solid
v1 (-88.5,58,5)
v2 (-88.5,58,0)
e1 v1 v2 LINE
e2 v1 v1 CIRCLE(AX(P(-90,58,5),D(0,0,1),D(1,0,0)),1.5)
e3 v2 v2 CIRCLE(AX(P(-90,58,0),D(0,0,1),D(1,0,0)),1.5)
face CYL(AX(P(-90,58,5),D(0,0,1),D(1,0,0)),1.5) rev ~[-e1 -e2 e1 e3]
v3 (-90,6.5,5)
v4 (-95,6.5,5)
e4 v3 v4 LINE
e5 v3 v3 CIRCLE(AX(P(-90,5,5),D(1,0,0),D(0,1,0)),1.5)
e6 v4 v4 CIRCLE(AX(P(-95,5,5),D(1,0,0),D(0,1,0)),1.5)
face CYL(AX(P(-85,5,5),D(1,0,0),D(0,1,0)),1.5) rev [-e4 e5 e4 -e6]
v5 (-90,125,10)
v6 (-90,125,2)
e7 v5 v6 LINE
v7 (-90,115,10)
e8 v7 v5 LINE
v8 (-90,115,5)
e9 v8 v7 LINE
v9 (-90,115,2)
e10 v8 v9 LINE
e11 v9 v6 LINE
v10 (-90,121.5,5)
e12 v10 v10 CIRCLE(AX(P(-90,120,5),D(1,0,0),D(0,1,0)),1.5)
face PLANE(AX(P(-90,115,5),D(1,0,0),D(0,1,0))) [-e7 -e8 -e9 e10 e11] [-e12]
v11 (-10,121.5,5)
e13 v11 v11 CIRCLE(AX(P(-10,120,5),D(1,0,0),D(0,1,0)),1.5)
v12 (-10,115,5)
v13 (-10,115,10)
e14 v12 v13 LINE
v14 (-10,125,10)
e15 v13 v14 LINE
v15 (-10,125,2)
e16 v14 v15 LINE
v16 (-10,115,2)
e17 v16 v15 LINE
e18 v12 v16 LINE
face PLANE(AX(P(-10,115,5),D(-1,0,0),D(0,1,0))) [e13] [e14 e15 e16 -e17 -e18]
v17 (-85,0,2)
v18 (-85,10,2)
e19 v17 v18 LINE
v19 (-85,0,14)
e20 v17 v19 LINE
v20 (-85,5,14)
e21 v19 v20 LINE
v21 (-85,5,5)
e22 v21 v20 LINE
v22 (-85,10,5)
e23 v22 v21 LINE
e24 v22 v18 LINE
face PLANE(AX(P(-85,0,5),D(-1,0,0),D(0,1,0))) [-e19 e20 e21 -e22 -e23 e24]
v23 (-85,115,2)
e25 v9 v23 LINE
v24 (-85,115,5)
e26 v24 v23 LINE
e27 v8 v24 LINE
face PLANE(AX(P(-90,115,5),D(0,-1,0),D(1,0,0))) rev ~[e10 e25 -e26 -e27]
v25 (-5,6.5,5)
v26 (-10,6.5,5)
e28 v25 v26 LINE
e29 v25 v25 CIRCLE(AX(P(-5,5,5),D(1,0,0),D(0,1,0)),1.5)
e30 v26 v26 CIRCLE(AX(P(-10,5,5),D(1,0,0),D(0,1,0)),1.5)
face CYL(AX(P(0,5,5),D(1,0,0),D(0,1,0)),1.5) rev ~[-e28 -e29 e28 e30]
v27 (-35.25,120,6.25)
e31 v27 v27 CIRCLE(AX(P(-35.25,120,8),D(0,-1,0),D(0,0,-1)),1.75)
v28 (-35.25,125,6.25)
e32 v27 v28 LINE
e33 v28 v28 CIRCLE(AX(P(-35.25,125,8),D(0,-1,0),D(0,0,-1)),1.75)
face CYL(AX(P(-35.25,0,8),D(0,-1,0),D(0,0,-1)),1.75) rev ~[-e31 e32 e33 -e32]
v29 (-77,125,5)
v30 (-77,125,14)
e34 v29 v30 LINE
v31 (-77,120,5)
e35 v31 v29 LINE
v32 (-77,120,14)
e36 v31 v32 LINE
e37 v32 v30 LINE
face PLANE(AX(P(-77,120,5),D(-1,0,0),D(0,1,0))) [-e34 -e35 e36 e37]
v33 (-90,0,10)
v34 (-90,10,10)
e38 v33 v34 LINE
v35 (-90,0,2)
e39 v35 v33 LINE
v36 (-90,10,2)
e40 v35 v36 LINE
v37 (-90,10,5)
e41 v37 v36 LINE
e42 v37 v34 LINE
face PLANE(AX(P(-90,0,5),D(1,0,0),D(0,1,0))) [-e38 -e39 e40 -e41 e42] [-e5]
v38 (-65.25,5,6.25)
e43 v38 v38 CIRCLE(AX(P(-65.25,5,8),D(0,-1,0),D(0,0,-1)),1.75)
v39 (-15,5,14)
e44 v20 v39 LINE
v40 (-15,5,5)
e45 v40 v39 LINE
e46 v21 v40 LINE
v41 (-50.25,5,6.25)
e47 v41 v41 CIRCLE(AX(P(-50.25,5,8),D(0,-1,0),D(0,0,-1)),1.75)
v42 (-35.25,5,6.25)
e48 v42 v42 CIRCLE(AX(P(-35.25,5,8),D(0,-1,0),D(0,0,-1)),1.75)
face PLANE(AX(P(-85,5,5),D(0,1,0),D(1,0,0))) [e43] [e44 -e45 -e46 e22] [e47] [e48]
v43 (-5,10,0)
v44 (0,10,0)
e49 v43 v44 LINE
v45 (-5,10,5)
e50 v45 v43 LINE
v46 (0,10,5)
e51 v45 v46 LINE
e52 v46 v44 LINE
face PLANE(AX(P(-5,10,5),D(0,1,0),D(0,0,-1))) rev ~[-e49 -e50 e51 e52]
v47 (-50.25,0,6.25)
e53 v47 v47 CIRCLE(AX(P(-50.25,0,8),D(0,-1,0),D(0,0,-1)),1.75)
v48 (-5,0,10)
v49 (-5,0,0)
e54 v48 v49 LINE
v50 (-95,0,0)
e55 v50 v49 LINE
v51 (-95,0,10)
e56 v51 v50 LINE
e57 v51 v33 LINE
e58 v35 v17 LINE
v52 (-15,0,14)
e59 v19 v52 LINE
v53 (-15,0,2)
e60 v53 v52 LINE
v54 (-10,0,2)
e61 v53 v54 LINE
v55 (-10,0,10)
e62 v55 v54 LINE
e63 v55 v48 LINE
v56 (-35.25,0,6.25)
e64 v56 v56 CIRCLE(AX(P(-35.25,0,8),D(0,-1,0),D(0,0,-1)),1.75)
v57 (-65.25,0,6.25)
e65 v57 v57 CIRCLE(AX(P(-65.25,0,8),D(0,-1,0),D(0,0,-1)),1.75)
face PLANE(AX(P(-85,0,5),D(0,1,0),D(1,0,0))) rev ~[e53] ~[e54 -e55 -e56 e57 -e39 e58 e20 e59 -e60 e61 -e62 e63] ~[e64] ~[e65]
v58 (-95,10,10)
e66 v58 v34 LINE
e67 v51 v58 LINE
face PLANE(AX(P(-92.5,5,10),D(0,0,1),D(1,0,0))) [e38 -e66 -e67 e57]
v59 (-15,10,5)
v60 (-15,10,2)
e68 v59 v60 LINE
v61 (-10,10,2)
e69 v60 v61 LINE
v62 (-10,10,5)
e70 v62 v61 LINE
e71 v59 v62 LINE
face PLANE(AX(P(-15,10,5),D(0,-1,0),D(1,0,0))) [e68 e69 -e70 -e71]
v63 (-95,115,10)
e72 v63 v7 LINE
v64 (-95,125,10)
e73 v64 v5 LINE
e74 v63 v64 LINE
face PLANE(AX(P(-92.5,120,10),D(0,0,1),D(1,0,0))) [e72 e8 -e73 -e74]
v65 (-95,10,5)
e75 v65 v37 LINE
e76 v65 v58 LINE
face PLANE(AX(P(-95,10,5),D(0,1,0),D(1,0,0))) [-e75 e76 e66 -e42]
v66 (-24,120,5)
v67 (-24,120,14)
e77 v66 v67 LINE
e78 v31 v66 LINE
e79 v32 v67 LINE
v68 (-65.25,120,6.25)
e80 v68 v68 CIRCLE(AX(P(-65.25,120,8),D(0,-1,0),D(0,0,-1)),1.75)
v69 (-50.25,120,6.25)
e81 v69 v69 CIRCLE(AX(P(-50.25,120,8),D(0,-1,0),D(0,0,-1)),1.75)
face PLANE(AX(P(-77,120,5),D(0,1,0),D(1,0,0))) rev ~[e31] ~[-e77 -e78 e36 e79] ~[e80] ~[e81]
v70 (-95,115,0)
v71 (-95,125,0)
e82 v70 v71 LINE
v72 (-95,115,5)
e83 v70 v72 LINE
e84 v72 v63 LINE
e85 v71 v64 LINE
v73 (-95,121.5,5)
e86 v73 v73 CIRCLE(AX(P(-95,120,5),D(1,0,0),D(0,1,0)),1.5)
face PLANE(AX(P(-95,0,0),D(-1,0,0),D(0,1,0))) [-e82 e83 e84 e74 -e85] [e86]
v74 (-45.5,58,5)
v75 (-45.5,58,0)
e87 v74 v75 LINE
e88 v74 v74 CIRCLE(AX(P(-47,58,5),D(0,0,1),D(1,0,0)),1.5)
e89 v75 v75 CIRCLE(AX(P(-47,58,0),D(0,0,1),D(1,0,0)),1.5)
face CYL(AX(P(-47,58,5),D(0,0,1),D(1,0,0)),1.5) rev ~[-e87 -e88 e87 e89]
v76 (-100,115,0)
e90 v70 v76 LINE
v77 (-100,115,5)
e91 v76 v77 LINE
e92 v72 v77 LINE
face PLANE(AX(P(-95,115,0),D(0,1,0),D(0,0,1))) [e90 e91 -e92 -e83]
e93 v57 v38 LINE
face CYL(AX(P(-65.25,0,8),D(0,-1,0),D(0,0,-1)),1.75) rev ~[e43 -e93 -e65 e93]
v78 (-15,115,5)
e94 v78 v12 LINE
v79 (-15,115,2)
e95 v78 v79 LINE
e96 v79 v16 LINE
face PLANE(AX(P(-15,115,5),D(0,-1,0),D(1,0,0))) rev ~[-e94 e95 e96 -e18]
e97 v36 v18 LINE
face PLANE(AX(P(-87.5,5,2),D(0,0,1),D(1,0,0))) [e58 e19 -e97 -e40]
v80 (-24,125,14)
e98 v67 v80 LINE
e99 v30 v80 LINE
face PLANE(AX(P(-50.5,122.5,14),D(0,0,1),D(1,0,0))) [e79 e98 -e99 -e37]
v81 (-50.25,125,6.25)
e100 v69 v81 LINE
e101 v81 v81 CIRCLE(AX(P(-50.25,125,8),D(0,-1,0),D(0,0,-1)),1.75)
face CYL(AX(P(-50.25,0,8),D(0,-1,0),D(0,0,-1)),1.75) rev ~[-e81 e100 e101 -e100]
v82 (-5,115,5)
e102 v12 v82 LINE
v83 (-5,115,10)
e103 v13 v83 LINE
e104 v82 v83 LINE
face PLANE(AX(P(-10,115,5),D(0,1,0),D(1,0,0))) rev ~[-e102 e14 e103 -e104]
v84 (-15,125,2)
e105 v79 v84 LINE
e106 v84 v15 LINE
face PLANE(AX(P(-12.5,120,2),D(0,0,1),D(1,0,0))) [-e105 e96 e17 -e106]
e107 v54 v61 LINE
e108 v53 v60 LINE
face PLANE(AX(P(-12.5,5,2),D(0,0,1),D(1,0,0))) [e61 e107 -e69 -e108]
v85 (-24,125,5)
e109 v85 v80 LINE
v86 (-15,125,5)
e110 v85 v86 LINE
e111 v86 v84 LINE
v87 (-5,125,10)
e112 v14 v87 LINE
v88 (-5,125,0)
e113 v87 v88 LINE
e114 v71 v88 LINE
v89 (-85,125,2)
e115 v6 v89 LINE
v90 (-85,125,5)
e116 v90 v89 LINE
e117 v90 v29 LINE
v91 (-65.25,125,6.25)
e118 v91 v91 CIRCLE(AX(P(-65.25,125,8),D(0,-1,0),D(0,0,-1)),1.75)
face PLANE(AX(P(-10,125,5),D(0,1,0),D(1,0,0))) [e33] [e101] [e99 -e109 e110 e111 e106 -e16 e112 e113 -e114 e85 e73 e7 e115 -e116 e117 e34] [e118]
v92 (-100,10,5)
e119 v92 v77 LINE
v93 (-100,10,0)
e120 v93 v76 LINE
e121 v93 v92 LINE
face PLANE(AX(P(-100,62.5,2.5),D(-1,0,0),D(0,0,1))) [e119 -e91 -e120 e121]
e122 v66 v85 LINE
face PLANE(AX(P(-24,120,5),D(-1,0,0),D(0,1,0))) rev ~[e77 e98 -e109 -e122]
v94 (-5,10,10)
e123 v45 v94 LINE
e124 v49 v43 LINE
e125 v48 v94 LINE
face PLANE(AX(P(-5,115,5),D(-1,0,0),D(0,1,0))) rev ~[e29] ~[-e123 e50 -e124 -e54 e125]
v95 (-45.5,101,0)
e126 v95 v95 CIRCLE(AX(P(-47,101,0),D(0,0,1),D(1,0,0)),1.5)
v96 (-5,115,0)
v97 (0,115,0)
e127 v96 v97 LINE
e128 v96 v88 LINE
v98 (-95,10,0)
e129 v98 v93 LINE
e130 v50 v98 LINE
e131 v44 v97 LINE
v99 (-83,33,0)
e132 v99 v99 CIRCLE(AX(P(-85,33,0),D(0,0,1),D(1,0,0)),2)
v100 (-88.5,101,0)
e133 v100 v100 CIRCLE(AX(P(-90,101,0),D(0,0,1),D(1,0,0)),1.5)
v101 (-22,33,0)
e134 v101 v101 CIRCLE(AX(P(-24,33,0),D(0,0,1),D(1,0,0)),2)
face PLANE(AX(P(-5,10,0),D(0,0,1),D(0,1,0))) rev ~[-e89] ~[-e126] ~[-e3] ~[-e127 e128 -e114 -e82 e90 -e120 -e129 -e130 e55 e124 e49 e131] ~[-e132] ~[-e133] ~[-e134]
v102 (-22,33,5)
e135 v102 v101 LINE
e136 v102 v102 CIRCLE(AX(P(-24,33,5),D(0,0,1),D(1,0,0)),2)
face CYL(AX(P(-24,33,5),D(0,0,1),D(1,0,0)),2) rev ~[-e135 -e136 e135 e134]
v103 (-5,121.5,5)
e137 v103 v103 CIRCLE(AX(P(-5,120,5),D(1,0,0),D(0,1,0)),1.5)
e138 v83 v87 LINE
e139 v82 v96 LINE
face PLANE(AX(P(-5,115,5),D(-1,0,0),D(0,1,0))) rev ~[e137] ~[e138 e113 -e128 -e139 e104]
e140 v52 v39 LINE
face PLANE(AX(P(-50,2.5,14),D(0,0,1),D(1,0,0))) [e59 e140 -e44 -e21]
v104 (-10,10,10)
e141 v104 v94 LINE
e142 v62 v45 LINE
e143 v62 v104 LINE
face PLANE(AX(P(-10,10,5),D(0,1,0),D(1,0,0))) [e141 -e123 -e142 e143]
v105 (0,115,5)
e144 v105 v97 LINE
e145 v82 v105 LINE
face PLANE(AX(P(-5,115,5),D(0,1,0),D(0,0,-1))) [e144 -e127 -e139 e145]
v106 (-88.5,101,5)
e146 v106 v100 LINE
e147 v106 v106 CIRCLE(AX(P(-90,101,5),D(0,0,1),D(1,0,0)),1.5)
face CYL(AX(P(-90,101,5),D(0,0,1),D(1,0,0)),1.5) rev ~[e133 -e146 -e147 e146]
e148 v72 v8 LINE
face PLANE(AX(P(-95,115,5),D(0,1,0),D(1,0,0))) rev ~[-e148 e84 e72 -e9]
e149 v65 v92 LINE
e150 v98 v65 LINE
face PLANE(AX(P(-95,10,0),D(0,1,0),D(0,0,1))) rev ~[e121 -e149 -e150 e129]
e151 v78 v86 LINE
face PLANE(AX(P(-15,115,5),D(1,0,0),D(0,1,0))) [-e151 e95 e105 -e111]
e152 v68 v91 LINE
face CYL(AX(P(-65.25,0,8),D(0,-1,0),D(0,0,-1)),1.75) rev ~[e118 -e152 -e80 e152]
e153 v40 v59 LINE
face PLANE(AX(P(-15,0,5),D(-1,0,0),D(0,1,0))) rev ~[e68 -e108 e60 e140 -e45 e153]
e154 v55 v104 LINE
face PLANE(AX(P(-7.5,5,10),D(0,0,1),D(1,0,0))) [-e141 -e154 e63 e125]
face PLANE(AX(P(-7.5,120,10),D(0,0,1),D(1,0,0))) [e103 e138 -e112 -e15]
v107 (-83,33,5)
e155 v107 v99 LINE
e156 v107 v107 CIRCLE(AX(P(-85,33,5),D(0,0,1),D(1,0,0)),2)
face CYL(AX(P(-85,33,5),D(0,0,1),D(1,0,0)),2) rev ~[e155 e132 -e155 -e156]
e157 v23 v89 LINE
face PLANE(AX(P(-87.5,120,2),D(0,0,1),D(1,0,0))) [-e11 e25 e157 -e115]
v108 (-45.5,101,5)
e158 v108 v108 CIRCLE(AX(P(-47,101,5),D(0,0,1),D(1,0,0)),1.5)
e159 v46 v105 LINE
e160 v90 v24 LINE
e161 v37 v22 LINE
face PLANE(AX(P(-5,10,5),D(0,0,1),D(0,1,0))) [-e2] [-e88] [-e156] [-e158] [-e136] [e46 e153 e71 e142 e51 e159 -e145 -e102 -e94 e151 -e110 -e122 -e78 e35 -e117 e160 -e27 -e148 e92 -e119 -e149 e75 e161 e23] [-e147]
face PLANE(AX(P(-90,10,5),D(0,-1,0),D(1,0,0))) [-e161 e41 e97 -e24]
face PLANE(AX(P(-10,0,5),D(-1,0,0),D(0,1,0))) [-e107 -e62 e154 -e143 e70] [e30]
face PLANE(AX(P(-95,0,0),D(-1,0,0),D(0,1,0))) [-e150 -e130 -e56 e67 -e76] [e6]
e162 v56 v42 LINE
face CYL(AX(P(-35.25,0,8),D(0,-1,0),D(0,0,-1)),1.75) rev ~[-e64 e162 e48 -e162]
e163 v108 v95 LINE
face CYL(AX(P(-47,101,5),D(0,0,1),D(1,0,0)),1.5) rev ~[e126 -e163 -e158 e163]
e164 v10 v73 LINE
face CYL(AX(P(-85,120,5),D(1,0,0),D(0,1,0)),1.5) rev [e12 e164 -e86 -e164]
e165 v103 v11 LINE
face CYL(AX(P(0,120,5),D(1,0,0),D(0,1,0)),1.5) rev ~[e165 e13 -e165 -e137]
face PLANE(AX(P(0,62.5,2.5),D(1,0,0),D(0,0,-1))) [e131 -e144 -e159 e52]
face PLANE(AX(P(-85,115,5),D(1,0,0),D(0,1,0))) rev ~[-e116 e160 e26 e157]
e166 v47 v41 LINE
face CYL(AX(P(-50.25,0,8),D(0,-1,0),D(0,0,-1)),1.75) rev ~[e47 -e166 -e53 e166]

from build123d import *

# Parameters (mm, degrees)
SKETCH1_W           = 90
SKETCH1_H           = 125
BOSS_EXTRUDE1_DEPTH = 5
SKETCH2_W           = 5
SKETCH2_H           = 105
BOSS_EXTRUDE2_DEPTH = 5
SKETCH3_W           = 5
SKETCH3_H           = 10
BOSS_EXTRUDE3_DEPTH = 5
SKETCH4_W           = 5
SKETCH4_H           = 10
CUT_EXTRUDE1_DEPTH  = 3
SKETCH5_R           = 1.5
CUT_EXTRUDE2_DEPTH  = 15
CUT_EXTRUDE3_START  = -15
SKETCH6_R           = 1.5
CUT_EXTRUDE3_DEPTH  = 15
SKETCH7_W           = 53
SKETCH7_H           = 5
SKETCH7_W_2         = 70
BOSS_EXTRUDE4_DEPTH = 9
CUT_EXTRUDE4_REACH  = 162.689
SKETCH8_R           = 1.75
SKETCH9_R           = 1.5
CUT_EXTRUDE5_DEPTH  = 5
SKETCH10_R          = 2
CUT_EXTRUDE6_DEPTH  = 5
SKETCH11_W          = 5
SKETCH11_H          = 105
BOSS_EXTRUDE5_DEPTH = 5


with BuildPart() as part:
    # Sketch1 → Boss-Extrude1 (new body)
    with BuildSketch(Plane.XY):
        with Locations((-50, 62.5)):
            Rectangle(SKETCH1_W, SKETCH1_H)
    extrude(amount=BOSS_EXTRUDE1_DEPTH)

    # Sketch2 → Boss-Extrude2 (add)
    with BuildSketch(Plane.ZY.offset(95)):
        with Locations((2.5, 62.5)):
            Rectangle(SKETCH2_W, SKETCH2_H)
    extrude(amount=BOSS_EXTRUDE2_DEPTH)

    # Sketch3 → Boss-Extrude3 (add)
    with BuildSketch(Plane.XY.offset(5)):
        with Locations((-7.5, 120)):
            Rectangle(SKETCH3_W, SKETCH3_H)
        with Locations((-92.5, 120)):
            Rectangle(SKETCH3_W, SKETCH3_H)
        with Locations((-7.5, 5)):
            Rectangle(SKETCH3_W, SKETCH3_H)
        with Locations((-92.5, 5)):
            Rectangle(SKETCH3_W, SKETCH3_H)
    extrude(amount=BOSS_EXTRUDE3_DEPTH)

    # Sketch4 → Cut-Extrude1 (cut)
    with BuildSketch(Plane.XY.offset(5)):
        with Locations((-87.5, 120)):
            Rectangle(SKETCH4_W, SKETCH4_H)
        with Locations((-12.5, 120)):
            Rectangle(SKETCH4_W, SKETCH4_H)
        with Locations((-12.5, 5)):
            Rectangle(SKETCH4_W, SKETCH4_H)
        with Locations((-87.5, 5)):
            Rectangle(SKETCH4_W, SKETCH4_H)
    extrude(amount=-CUT_EXTRUDE1_DEPTH, mode=Mode.SUBTRACT)

    # Sketch5 → Cut-Extrude2 (cut)
    with BuildSketch(Plane(origin=(0, 0, 0), x_dir=(0, 0, -1), z_dir=(1, 0, 0))):
        with Locations(Location((-5, 5, 0), (0, 0, 90))):
            Circle(SKETCH5_R)
        with Locations(Location((-5, 120, 0), (0, 0, 90))):
            Circle(SKETCH5_R)
    extrude(amount=-CUT_EXTRUDE2_DEPTH, mode=Mode.SUBTRACT)

    # Sketch6 → Cut-Extrude3 (cut)
    with BuildSketch(Plane.ZY.offset(100).offset(CUT_EXTRUDE3_START)):
        with Locations(Location((5, 5, 0), (0, 0, 90))):
            Circle(SKETCH6_R)
        with Locations(Location((5, 120, 0), (0, 0, 90))):
            Circle(SKETCH6_R)
    extrude(amount=CUT_EXTRUDE3_DEPTH, mode=Mode.SUBTRACT)

    # Sketch7 → Boss-Extrude4 (add)
    with BuildSketch(Plane.XY.offset(5)):
        with Locations((-50.5, 122.5)):
            Rectangle(SKETCH7_W, SKETCH7_H)
        with Locations((-50, 2.5)):
            Rectangle(SKETCH7_W_2, SKETCH7_H)
    extrude(amount=BOSS_EXTRUDE4_DEPTH)

    # Cut-Extrude4: up to this face of the body (flat: up to its plane)
    cut_extrude4_end = Plane(part.part.faces().sort_by_distance((-50.251847941, 125, 6.258183738))[0])
    # Sketch8 → Cut-Extrude4 (cut, up to the picked face)
    with BuildSketch(Plane.XZ, mode=Mode.PRIVATE) as cut_extrude4_sk1:
        with Locations(Location((-65.25, 8, 0), (0, 0, 270))):
            Circle(SKETCH8_R)
    cut_extrude4_tool1 = split(extrude(cut_extrude4_sk1.sketch, amount=-CUT_EXTRUDE4_REACH, mode=Mode.PRIVATE), bisect_by=cut_extrude4_end, keep=Keep.BOTH, mode=Mode.PRIVATE)
    # Sketch8 → Cut-Extrude4 (cut, up to the picked face)
    with BuildSketch(Plane.XZ, mode=Mode.PRIVATE) as cut_extrude4_sk2:
        with Locations(Location((-50.25, 8, 0), (0, 0, 270))):
            Circle(SKETCH8_R)
    cut_extrude4_tool2 = split(extrude(cut_extrude4_sk2.sketch, amount=-CUT_EXTRUDE4_REACH, mode=Mode.PRIVATE), bisect_by=cut_extrude4_end, keep=Keep.BOTH, mode=Mode.PRIVATE)
    # Sketch8 → Cut-Extrude4 (cut, up to the picked face)
    with BuildSketch(Plane.XZ, mode=Mode.PRIVATE) as cut_extrude4_sk3:
        with Locations(Location((-35.25, 8, 0), (0, 0, 270))):
            Circle(SKETCH8_R)
    cut_extrude4_tool3 = split(extrude(cut_extrude4_sk3.sketch, amount=-CUT_EXTRUDE4_REACH, mode=Mode.PRIVATE), bisect_by=cut_extrude4_end, keep=Keep.BOTH, mode=Mode.PRIVATE)
    add(cut_extrude4_tool1.solids().sort_by(Axis((-65.25, 0, 8), (0, 1, 0)))[0], mode=Mode.SUBTRACT)
    add(cut_extrude4_tool2.solids().sort_by(Axis((-50.25, 0, 8), (0, 1, 0)))[0], mode=Mode.SUBTRACT)
    add(cut_extrude4_tool3.solids().sort_by(Axis((-35.25, 0, 8), (0, 1, 0)))[0], mode=Mode.SUBTRACT)

    # Sketch9 → Cut-Extrude5 (cut)
    with BuildSketch(Plane.XY.offset(5)):
        with Locations((-47, 101)):
            Circle(SKETCH9_R)
        with Locations((-90, 101)):
            Circle(SKETCH9_R)
        with Locations((-90, 58)):
            Circle(SKETCH9_R)
        with Locations((-47, 58)):
            Circle(SKETCH9_R)
    extrude(amount=-CUT_EXTRUDE5_DEPTH, mode=Mode.SUBTRACT)

    # Sketch10 → Cut-Extrude6 (cut)
    with BuildSketch(Plane.XY.offset(5)):
        with Locations((-85, 33)):
            Circle(SKETCH10_R)
        with Locations((-24, 33)):
            Circle(SKETCH10_R)
    extrude(amount=-CUT_EXTRUDE6_DEPTH, mode=Mode.SUBTRACT)

    # Sketch11 → Boss-Extrude5 (add)
    with BuildSketch(Plane(origin=(-5, 0, 0), x_dir=(0, 0, -1), z_dir=(1, 0, 0))):
        with Locations((-2.5, 62.5)):
            Rectangle(SKETCH11_W, SKETCH11_H)
    extrude(amount=BOSS_EXTRUDE5_DEPTH)


solid = part.part
